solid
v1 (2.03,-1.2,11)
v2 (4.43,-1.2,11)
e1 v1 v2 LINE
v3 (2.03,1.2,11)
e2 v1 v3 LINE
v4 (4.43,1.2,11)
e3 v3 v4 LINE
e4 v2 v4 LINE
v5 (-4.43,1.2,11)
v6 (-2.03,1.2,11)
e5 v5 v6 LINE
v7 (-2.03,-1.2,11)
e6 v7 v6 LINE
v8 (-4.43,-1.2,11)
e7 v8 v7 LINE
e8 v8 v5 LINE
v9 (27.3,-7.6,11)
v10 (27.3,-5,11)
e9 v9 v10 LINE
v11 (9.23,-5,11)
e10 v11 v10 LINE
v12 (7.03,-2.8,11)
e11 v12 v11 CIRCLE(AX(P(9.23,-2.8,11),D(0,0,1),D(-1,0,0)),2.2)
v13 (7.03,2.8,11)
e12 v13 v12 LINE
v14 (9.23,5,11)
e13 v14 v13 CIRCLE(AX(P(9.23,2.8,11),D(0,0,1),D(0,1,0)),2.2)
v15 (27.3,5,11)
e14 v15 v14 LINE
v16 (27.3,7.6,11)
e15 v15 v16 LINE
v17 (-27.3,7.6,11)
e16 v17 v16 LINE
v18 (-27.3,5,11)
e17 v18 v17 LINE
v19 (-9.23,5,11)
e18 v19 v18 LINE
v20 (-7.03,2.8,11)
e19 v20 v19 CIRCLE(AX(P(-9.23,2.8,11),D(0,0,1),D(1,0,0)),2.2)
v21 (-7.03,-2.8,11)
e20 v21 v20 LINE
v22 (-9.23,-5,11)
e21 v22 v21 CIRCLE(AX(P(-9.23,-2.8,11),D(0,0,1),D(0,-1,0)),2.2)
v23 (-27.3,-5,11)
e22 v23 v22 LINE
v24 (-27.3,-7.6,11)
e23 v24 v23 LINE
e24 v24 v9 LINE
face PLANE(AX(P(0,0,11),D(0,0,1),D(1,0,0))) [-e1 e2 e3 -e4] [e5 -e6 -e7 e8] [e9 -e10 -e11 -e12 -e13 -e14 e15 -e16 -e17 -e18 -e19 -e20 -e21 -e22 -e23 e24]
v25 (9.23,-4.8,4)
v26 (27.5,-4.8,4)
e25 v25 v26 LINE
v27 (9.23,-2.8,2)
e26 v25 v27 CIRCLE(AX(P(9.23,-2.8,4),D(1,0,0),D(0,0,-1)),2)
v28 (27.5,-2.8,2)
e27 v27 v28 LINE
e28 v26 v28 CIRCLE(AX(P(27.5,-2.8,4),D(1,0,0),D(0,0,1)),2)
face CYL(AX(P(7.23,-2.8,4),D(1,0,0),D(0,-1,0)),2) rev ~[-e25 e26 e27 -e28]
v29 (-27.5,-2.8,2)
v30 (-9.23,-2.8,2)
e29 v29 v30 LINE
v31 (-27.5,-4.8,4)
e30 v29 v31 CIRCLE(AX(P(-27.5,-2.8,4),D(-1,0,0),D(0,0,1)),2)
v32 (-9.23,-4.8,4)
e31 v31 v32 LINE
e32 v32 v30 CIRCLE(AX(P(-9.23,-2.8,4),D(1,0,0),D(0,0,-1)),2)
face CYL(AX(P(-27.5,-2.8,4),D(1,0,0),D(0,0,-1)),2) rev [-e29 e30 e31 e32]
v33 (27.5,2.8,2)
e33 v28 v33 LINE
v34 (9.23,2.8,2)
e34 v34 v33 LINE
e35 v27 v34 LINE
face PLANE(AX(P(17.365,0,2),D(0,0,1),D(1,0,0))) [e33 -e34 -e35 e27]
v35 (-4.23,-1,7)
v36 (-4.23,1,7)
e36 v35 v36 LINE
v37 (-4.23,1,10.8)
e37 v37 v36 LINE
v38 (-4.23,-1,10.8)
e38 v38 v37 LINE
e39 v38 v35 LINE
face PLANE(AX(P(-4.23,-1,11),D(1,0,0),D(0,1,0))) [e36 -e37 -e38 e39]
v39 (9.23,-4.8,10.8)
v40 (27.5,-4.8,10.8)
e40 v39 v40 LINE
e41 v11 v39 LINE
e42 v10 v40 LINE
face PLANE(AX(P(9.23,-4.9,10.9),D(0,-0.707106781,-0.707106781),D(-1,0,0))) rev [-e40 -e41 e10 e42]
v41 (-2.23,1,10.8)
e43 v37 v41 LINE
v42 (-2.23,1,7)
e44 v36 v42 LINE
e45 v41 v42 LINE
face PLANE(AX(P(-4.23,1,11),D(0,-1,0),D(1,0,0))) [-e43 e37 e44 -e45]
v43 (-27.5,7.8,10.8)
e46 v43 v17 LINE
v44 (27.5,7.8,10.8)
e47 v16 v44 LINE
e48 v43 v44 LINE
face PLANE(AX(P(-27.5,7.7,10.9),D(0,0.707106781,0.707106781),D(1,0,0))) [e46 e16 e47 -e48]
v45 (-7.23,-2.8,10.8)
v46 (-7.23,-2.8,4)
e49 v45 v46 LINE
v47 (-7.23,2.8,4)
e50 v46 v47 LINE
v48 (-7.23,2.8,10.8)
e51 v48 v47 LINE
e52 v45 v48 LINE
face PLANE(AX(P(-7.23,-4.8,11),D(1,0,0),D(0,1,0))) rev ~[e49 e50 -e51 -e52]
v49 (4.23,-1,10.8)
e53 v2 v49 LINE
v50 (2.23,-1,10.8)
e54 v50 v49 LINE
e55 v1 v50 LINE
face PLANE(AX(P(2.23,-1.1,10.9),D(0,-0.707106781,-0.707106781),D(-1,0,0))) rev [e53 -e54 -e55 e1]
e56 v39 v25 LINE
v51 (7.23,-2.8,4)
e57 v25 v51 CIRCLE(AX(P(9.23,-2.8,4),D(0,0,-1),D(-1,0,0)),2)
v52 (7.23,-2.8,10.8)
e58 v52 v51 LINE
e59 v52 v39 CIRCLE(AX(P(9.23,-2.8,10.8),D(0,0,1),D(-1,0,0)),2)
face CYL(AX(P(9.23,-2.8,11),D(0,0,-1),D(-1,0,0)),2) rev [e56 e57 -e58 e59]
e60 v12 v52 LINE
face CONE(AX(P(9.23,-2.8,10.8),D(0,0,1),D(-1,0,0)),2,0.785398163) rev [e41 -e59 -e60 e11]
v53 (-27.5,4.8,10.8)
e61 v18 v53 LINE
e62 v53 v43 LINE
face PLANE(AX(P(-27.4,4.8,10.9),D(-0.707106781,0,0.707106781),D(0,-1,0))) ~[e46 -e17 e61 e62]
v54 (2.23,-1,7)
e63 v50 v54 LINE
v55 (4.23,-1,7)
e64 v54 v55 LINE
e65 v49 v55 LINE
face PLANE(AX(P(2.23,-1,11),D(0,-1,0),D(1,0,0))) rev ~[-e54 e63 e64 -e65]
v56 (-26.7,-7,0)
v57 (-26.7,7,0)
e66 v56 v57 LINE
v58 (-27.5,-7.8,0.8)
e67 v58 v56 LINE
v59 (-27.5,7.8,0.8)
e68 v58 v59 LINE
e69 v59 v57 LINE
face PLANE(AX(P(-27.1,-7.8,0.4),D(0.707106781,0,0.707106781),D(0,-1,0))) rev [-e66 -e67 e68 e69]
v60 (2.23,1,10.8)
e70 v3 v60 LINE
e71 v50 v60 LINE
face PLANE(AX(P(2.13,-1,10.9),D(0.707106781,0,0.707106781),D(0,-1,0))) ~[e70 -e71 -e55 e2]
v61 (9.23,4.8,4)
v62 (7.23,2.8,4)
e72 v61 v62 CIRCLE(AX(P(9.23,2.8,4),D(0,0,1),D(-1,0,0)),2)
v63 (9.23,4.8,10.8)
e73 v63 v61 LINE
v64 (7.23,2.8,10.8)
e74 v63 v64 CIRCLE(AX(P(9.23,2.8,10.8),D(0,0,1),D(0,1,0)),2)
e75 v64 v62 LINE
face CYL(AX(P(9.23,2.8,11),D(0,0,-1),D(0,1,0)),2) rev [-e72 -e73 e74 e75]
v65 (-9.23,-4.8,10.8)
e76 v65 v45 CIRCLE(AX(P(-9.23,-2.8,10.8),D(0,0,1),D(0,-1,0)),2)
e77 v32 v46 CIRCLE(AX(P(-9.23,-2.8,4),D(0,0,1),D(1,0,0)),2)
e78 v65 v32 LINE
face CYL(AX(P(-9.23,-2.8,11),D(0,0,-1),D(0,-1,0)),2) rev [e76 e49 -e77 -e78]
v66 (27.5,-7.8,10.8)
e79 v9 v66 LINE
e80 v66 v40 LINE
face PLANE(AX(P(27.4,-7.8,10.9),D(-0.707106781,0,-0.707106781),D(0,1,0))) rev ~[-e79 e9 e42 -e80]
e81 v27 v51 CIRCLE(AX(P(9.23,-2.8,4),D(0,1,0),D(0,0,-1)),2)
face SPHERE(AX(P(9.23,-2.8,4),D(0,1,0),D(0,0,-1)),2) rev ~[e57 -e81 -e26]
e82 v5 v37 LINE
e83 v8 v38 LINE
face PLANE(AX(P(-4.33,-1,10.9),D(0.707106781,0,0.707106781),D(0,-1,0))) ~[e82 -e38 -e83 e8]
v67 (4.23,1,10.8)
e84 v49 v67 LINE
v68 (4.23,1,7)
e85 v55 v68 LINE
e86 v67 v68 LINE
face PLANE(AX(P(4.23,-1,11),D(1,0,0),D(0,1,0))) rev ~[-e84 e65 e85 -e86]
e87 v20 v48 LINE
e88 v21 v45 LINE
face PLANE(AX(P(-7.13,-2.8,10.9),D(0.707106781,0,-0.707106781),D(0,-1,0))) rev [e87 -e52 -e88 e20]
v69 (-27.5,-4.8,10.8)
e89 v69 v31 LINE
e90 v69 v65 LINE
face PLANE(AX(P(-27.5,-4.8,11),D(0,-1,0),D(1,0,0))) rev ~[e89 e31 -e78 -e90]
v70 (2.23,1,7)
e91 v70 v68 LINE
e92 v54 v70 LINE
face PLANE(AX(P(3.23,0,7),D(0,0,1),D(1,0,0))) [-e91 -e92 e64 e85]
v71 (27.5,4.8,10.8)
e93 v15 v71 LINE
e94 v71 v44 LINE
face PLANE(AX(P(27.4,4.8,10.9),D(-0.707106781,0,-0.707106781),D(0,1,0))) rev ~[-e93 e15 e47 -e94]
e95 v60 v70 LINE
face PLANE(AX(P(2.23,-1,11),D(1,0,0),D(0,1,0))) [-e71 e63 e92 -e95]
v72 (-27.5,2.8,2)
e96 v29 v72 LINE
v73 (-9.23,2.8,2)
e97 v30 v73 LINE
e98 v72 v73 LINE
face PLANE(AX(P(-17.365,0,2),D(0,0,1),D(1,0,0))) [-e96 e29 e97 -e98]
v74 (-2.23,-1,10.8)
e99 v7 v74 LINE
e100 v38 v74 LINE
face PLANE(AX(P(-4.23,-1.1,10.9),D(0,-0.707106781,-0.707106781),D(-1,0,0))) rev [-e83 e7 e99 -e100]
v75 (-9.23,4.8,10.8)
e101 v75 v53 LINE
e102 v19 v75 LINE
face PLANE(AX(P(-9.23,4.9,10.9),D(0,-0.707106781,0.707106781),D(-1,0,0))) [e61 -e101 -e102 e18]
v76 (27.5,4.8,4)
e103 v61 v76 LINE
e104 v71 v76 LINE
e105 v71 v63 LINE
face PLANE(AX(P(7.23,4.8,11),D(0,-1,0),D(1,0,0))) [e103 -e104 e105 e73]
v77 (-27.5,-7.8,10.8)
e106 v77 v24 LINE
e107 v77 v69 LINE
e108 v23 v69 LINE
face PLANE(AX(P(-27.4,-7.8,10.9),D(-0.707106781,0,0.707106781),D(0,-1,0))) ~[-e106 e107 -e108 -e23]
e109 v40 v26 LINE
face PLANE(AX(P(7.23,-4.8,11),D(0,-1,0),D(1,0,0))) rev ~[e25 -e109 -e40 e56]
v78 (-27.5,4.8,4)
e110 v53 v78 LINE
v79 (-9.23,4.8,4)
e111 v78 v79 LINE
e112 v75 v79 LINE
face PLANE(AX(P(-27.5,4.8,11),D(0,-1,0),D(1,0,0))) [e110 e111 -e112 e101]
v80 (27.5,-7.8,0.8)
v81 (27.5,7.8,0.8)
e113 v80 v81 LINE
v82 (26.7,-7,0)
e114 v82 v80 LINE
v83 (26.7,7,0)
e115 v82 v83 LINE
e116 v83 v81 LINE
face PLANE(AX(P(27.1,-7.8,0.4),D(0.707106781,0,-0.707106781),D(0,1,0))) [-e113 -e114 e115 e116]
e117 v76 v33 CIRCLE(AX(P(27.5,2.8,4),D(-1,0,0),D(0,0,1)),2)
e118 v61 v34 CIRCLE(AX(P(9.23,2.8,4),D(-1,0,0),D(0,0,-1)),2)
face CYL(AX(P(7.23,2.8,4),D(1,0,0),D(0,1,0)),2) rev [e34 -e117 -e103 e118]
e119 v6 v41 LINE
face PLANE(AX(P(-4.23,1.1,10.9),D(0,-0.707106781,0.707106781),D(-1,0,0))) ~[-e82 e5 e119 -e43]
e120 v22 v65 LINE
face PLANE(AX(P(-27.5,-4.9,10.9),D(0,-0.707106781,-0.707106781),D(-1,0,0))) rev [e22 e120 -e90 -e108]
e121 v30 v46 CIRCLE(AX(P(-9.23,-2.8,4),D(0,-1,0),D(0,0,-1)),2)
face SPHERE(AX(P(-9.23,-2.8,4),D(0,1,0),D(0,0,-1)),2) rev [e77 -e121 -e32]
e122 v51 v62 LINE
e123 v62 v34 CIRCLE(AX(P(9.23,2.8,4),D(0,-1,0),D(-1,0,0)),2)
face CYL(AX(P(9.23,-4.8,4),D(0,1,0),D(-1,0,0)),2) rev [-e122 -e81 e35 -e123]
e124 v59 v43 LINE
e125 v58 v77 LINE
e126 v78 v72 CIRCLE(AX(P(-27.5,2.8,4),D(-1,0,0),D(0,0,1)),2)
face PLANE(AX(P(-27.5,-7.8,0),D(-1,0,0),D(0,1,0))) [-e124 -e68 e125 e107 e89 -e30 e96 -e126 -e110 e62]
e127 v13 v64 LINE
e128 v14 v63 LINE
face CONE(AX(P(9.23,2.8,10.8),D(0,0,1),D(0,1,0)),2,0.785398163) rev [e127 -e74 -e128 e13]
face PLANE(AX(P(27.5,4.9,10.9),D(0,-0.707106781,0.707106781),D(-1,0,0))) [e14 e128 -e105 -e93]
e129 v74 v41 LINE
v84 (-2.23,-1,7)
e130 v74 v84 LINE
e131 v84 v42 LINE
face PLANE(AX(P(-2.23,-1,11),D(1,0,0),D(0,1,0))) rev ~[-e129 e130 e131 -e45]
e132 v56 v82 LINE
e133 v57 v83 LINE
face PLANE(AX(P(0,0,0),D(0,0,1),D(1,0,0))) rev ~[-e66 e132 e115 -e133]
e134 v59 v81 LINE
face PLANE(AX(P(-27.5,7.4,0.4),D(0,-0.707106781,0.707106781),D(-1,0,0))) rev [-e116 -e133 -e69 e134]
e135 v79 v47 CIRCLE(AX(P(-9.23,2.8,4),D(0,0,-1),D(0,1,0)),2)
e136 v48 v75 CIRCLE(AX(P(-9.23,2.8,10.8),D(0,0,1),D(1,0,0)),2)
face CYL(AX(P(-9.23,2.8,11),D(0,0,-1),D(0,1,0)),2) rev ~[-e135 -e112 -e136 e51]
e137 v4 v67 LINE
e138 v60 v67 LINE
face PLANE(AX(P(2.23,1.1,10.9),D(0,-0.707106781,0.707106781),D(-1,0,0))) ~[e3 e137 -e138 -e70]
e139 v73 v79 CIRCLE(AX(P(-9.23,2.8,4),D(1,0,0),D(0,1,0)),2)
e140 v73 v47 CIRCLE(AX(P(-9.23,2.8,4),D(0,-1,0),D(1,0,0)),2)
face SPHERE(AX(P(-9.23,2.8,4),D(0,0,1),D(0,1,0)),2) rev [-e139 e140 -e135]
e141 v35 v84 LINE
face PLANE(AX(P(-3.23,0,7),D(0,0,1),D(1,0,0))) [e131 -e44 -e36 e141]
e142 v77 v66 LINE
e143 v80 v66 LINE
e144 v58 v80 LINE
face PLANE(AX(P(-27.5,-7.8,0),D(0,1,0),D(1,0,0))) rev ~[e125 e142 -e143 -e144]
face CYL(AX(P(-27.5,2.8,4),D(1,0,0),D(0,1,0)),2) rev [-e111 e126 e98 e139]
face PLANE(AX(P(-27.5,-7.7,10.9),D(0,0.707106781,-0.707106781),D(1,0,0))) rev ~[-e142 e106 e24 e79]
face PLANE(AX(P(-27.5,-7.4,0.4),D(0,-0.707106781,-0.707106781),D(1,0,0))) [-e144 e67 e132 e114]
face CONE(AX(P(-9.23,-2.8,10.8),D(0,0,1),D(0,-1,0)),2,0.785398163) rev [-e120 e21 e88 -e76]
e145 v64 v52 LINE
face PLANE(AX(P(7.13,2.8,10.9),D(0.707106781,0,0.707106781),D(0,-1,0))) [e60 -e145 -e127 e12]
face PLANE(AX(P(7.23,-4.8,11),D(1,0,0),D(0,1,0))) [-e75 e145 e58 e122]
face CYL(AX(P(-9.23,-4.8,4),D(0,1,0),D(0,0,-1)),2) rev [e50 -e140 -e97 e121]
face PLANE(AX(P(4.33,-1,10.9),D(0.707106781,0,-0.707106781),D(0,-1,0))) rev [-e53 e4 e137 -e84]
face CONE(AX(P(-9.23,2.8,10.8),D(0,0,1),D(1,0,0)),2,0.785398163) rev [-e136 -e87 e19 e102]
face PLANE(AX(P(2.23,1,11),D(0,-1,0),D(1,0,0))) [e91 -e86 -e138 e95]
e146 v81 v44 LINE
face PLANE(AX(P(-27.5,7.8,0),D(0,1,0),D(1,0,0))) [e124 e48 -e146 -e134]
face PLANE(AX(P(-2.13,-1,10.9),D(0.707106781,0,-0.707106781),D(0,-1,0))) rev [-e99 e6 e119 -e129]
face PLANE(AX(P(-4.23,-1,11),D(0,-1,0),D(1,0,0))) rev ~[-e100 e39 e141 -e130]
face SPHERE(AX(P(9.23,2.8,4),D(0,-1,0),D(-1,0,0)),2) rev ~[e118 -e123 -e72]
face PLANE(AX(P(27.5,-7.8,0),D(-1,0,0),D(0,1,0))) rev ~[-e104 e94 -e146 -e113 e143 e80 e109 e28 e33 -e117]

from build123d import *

# Parameters (mm, degrees)
F0_W     = 55
F0_H     = 15.6
F1_DEPTH = 11
F2_W     = 2
F2_H     = 2
F3_DEPTH = 4
F4_W     = 20.27
F4_H     = 9.6
F5_DEPTH = 9
F6_R     = 2
F7_SIZE  = 0.2
F8_SIZE  = 0.8


with BuildPart() as f1:
    # F0 (on Top) → F1 (new body)
    with BuildSketch(Plane.XY):
        Rectangle(F0_W, F0_H)
    extrude(amount=F1_DEPTH)

    # F2 (on face) → F3 (cut)
    with BuildSketch(Plane.XY.offset(11)):
        with Locations((-3.23, 0)):
            Rectangle(F2_W, F2_H)
        with Locations((3.23, 0)):
            Rectangle(F2_W, F2_H)
    extrude(amount=-F3_DEPTH, mode=Mode.SUBTRACT)

    # F4 (on face) → F5 (cut)
    with BuildSketch(Plane.XY.offset(11)):
        with Locations((-17.365, 0)):
            Rectangle(F4_W, F4_H)
        with Locations((17.365, 0)):
            Rectangle(F4_W, F4_H)
    extrude(amount=-F5_DEPTH, mode=Mode.SUBTRACT)

    # F6
    f6_edges = [f1.edges().sort_by_distance(p)[0] for p in [
        (-7.23, 4.8, 6.5),
        (-17.365, 4.8, 2),
        (-7.23, 0, 2),
        (-17.365, -4.8, 2),
        (-7.23, -4.8, 6.5),
        (7.23, 0, 2),
        (7.23, 4.8, 6.5),
        (17.365, 4.8, 2),
        (17.365, -4.8, 2),
        (7.23, -4.8, 6.5),
    ]]
    fillet(f6_edges, radius=F6_R)

    # F7
    f7_edges = [f1.edges().sort_by_distance(p)[0] for p in [
        (-18.365, -4.8, 11),
        (-7.815786, -4.214214, 11),
        (-27.5, -6.3, 11),
        (-7.23, 0, 11),
        (0, -7.8, 11),
        (-7.815786, 4.214214, 11),
        (27.5, -6.3, 11),
        (-18.365, 4.8, 11),
        (18.365, -4.8, 11),
        (-27.5, 6.3, 11),
        (7.815786, -4.214214, 11),
        (0, 7.8, 11),
        (7.23, 0, 11),
        (27.5, 6.3, 11),
        (7.815786, 4.214214, 11),
        (18.365, 4.8, 11),
        (-2.23, 0, 11),
        (-3.23, -1, 11),
        (-3.23, 1, 11),
        (-4.23, 0, 11),
        (3.23, 1, 11),
        (4.23, 0, 11),
        (2.23, 0, 11),
        (3.23, -1, 11),
    ]]
    chamfer(f7_edges, length=F7_SIZE)

    # F8
    f8_edges = [f1.edges().sort_by_distance(p)[0] for p in [
        (27.5, 0, 0),
        (0, 7.8, 0),
        (-27.5, 0, 0),
        (0, -7.8, 0),
    ]]
    chamfer(f8_edges, length=F8_SIZE)


solid = f1.part
